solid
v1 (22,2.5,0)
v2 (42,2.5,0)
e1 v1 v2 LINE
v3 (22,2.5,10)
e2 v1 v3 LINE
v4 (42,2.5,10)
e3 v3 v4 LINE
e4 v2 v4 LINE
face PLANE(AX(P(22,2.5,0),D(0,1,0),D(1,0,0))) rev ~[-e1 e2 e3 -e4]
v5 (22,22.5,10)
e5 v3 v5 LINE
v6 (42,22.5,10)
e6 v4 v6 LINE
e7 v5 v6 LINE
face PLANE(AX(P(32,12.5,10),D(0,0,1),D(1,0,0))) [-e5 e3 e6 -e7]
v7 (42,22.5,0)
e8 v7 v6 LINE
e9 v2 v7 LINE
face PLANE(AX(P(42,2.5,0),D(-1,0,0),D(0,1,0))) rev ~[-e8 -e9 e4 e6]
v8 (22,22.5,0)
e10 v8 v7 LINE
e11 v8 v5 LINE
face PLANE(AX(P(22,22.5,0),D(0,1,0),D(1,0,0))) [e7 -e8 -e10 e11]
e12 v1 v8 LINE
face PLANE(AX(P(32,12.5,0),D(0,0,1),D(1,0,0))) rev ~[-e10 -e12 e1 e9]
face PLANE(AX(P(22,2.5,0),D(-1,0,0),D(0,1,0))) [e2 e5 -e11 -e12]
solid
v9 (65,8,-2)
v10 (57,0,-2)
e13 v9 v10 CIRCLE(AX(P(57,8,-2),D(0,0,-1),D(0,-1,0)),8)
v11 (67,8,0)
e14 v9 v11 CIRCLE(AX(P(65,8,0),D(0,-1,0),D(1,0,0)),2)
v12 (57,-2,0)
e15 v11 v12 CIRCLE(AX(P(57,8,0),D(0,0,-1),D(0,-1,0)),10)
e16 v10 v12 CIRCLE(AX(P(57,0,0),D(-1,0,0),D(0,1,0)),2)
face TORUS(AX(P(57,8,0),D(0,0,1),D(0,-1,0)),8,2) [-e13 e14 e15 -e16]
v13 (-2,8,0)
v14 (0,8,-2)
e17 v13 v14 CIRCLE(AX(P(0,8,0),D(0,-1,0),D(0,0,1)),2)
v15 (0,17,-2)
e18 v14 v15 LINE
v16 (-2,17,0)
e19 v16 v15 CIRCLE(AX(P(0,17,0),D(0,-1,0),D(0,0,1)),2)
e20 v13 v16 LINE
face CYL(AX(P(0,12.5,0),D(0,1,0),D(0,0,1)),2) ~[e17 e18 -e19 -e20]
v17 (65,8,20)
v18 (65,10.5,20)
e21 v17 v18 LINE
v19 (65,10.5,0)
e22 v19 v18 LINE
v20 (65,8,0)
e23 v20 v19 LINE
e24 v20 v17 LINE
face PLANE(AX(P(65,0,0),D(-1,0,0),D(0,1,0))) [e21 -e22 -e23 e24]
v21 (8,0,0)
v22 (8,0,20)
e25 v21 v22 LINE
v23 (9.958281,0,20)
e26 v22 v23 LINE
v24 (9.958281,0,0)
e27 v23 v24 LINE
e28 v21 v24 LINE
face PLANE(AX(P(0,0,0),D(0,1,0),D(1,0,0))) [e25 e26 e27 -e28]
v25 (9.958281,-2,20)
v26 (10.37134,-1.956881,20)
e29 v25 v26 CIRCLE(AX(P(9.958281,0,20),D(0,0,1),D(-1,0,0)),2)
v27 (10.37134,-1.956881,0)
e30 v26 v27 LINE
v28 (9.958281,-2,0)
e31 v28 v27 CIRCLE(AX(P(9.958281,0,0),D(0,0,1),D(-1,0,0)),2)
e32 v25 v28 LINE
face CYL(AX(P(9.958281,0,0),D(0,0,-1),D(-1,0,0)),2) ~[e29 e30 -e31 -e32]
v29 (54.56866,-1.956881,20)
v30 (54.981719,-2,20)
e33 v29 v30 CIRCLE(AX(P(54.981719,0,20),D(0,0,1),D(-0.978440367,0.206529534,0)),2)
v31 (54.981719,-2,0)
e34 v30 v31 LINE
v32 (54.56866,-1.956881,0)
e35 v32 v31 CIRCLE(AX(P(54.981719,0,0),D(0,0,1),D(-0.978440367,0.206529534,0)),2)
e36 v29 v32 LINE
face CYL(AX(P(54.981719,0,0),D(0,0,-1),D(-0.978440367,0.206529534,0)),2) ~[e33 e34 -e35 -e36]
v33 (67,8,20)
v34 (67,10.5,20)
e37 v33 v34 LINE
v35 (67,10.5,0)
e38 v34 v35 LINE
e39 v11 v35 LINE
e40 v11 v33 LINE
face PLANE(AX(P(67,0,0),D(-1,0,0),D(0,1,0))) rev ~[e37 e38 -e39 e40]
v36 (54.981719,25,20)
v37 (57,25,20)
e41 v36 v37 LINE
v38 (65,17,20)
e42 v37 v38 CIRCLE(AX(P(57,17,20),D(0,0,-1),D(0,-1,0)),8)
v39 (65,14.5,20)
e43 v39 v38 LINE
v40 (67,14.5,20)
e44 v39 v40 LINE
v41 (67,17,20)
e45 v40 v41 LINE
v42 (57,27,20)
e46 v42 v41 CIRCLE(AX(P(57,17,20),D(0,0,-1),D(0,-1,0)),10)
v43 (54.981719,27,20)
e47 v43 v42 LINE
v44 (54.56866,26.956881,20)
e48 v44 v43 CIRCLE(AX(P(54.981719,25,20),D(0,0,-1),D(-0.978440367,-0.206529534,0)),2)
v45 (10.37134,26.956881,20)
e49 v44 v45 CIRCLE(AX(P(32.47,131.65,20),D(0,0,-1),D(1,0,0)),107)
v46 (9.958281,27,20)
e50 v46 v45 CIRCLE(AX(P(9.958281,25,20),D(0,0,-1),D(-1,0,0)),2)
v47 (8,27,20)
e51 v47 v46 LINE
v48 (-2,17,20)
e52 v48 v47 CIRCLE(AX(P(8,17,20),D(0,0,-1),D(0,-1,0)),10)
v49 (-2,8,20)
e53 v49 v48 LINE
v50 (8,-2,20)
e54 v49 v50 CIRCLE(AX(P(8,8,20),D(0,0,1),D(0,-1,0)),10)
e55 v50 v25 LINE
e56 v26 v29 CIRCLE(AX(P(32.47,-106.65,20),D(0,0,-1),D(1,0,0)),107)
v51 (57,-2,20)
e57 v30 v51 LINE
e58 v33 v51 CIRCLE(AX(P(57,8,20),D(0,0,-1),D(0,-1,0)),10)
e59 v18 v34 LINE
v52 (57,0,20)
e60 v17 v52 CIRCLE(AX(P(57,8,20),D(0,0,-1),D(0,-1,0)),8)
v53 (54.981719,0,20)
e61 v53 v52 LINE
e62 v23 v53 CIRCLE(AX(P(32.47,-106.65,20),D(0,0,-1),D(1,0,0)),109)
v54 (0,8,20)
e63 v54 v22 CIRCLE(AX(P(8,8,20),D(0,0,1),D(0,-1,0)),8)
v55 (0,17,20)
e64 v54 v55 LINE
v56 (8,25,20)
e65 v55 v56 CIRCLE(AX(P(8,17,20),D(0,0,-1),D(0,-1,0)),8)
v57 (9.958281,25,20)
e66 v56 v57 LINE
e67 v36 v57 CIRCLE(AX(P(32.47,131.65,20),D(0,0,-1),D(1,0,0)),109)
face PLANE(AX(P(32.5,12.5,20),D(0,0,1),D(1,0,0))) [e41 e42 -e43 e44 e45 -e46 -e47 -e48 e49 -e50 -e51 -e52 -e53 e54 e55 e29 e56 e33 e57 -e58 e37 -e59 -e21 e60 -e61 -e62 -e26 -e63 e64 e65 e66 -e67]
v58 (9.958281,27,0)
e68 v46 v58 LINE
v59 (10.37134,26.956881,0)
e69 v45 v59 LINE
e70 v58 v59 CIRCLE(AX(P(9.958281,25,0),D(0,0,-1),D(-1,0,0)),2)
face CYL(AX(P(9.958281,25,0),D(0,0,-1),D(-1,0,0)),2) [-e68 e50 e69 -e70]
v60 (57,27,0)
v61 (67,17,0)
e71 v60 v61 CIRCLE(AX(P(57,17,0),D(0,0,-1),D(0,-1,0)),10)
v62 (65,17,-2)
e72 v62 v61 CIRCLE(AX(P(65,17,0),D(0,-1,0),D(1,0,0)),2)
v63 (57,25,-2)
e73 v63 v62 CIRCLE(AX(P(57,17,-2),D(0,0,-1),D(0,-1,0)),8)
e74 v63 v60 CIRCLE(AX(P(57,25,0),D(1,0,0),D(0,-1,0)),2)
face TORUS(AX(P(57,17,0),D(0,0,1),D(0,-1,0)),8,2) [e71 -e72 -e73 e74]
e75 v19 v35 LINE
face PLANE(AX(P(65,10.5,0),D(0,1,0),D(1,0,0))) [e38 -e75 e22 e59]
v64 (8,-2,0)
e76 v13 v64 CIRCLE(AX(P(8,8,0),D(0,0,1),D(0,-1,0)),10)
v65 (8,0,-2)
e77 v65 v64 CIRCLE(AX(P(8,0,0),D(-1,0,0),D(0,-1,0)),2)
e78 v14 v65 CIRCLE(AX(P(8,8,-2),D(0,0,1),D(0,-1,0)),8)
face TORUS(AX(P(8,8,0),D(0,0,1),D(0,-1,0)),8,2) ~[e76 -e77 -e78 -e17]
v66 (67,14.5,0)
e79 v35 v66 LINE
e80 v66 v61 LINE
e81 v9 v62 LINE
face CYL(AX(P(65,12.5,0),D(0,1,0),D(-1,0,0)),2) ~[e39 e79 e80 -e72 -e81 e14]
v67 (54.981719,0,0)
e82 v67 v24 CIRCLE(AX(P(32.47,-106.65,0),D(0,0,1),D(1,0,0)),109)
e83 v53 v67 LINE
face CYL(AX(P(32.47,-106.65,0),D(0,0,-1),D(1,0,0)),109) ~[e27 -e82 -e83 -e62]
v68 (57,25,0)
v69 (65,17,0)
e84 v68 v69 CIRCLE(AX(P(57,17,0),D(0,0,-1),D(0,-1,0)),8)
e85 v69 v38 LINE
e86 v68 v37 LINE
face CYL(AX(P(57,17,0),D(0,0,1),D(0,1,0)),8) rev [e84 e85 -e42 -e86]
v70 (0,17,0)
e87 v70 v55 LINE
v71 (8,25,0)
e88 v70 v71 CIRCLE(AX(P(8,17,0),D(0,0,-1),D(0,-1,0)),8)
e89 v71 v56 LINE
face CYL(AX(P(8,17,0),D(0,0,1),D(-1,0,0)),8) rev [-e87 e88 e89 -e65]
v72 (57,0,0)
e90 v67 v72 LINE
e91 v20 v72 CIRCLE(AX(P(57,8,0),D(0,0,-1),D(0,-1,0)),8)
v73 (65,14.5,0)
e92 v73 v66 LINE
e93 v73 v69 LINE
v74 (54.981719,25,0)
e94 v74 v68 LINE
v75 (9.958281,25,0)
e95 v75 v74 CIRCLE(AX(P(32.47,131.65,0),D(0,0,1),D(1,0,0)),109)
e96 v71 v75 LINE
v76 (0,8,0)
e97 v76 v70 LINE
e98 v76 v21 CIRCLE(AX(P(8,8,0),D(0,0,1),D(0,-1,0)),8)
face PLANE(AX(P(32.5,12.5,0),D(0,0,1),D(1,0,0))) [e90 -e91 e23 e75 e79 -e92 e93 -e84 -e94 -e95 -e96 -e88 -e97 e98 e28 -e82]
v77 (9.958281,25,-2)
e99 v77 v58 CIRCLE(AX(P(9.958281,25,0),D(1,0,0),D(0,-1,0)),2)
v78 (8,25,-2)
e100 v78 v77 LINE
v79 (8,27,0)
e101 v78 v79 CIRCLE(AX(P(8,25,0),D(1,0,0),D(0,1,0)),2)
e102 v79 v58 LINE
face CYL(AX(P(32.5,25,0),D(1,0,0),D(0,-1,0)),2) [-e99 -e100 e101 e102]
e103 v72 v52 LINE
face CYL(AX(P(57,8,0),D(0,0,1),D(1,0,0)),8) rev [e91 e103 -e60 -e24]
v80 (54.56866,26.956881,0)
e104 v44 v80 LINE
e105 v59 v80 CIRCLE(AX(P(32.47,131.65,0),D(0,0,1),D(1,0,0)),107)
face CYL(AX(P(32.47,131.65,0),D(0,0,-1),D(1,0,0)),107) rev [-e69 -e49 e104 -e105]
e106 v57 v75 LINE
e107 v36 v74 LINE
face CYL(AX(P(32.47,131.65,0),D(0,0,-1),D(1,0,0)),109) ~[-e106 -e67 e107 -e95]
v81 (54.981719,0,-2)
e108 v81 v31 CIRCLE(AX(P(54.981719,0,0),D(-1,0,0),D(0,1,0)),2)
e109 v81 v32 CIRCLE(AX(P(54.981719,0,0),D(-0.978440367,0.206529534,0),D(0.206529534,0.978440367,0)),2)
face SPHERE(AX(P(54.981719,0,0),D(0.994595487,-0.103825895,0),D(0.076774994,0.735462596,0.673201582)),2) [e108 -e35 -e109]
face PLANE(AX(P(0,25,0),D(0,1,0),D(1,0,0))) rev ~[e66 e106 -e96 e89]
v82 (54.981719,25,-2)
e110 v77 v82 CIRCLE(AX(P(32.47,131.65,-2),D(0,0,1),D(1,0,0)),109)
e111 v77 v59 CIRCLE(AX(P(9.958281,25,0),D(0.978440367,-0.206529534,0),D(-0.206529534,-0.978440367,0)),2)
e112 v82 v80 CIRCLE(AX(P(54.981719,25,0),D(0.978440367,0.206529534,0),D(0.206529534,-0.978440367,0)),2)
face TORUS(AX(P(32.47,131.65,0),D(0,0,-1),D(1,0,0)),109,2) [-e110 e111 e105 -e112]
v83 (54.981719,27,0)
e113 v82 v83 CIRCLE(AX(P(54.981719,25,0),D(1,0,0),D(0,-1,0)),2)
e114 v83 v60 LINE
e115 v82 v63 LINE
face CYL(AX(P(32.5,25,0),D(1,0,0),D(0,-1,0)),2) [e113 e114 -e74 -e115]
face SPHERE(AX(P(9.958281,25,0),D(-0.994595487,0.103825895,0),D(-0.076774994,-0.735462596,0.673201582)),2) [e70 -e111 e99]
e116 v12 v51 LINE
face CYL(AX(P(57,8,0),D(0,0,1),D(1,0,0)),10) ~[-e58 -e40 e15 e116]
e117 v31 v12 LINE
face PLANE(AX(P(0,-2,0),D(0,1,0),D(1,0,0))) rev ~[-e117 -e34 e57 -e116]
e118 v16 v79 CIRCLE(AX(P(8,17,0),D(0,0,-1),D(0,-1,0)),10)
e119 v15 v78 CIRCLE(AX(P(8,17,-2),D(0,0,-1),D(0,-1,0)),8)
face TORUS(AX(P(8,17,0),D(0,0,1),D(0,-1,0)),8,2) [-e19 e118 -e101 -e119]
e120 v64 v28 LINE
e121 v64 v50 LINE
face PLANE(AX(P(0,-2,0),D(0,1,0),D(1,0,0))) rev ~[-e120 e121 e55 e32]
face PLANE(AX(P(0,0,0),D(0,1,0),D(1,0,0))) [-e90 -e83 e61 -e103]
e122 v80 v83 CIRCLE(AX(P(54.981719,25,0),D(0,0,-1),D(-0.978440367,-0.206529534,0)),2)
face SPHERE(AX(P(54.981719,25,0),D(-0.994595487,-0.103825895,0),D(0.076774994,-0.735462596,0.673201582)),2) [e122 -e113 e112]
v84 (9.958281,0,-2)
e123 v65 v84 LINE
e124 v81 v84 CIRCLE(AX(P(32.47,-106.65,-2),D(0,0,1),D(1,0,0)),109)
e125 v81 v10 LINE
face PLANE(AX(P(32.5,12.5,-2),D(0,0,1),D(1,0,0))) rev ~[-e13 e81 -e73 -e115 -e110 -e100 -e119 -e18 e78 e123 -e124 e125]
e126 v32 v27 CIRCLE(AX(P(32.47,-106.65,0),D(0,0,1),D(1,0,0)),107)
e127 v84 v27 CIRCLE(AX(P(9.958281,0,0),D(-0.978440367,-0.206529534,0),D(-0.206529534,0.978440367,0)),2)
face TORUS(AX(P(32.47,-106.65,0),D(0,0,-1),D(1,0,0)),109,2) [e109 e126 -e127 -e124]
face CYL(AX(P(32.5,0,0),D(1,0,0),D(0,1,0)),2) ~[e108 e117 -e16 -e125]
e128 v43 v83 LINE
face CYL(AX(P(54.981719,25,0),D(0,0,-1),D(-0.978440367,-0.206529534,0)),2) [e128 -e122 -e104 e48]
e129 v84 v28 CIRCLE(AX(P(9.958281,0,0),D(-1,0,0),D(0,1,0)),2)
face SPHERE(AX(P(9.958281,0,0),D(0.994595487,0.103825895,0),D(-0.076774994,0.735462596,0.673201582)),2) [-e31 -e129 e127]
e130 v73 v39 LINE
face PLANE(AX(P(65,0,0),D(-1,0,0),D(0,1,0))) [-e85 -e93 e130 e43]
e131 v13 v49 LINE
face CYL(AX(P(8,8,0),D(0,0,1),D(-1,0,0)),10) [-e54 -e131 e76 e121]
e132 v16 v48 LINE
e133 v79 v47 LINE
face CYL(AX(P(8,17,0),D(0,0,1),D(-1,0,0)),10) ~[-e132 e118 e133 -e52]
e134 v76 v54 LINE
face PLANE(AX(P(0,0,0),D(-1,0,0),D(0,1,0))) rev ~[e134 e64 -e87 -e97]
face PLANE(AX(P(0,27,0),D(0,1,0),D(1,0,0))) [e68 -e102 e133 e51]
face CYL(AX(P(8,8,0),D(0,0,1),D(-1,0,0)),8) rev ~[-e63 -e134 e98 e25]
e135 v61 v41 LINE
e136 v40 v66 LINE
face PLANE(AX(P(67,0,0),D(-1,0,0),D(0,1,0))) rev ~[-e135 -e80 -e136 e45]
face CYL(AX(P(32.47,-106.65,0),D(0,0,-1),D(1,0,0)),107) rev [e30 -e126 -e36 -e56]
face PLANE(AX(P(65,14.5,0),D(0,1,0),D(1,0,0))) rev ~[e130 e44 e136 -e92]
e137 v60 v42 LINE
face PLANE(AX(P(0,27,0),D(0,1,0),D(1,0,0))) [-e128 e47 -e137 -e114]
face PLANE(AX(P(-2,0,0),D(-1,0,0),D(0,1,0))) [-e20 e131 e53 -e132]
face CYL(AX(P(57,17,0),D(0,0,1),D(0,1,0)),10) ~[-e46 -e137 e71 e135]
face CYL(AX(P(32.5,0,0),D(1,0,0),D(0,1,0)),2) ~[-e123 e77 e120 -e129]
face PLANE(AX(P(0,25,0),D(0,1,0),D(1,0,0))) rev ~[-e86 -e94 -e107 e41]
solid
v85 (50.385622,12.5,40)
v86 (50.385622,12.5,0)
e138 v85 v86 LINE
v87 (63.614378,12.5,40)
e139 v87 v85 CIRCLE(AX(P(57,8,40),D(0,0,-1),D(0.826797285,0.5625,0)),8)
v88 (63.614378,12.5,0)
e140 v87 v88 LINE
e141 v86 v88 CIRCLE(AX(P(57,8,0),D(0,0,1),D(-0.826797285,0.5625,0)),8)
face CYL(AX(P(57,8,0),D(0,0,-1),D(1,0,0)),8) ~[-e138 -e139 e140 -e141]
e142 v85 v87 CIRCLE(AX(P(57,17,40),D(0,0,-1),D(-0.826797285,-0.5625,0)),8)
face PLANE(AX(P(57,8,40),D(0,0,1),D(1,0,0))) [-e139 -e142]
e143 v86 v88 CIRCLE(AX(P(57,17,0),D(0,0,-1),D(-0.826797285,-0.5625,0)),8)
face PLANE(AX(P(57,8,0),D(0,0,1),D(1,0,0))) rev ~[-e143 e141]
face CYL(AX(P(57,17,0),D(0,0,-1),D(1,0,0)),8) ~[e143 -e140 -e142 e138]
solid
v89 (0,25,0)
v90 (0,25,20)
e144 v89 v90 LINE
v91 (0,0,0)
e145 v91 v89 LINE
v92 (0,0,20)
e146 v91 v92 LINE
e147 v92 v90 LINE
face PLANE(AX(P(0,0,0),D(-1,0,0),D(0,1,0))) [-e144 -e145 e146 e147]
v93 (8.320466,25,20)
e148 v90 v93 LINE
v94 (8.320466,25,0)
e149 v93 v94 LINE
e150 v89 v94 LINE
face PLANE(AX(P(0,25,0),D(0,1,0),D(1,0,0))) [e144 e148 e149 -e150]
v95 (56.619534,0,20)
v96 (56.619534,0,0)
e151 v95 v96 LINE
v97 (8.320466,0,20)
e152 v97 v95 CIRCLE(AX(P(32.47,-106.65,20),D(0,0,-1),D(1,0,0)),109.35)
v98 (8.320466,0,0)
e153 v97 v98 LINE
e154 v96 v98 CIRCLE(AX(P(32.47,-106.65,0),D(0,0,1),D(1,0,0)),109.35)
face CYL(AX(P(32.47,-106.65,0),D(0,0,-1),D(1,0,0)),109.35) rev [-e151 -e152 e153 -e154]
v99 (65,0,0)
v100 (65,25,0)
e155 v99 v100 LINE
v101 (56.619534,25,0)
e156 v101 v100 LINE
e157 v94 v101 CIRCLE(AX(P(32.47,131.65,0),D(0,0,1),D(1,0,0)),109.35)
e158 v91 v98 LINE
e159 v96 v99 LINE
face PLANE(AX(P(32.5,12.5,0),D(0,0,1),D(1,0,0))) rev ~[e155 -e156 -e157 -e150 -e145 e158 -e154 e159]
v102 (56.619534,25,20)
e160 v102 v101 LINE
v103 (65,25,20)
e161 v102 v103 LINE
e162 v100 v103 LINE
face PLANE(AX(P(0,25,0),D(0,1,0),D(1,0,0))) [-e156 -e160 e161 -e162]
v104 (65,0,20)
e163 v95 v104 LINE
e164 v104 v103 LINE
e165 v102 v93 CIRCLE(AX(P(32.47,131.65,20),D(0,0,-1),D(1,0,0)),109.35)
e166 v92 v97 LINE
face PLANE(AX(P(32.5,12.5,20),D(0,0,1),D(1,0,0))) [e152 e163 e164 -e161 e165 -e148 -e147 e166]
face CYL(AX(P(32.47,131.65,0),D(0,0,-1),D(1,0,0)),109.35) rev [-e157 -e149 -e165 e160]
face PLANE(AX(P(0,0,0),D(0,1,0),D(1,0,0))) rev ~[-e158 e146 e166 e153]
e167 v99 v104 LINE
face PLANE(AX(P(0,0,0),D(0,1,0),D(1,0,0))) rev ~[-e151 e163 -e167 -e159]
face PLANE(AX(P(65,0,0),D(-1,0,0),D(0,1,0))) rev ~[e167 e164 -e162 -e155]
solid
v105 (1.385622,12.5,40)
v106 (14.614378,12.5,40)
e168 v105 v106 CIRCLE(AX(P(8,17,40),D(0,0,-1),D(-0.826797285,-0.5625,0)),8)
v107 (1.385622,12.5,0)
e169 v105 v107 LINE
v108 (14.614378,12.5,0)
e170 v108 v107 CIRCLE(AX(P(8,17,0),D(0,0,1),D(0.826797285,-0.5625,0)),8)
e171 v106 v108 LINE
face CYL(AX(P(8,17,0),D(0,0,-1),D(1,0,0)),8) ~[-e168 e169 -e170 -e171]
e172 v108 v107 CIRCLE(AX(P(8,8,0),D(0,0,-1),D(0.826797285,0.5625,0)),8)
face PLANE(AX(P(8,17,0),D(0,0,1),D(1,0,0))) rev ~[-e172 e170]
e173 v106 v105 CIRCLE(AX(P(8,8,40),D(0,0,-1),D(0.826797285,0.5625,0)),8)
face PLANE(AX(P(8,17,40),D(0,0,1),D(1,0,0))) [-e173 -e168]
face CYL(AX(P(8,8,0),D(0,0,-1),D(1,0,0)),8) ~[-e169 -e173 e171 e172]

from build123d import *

# Parameters (mm, degrees)
CYLINDER001_R     = 8
CYLINDER001_DEPTH = 40
CYLINDER_R        = 8
CYLINDER_DEPTH    = 40
CYLINDER003_R     = 8
CYLINDER003_DEPTH = 40
CYLINDER002_R     = 8
CYLINDER002_DEPTH = 40
CYLINDER007_R     = 109.35
CYLINDER007_DEPTH = 40
CYLINDER006_R     = 109.35
CYLINDER006_DEPTH = 40
BOX001_W          = 65
BOX001_H          = 25
BOX001_DEPTH      = 20
BOX002_W          = 5
BOX002_H          = 4
BOX002_DEPTH      = 20
CYLINDER004_R     = 109
CYLINDER004_DEPTH = 40
CYLINDER005_R     = 109
CYLINDER005_DEPTH = 40
BOX_W             = 65
BOX_H             = 25
BOX_DEPTH         = 20
FILLET_R          = 8
THICKNESS_T       = 2
BOX003_W          = 20
BOX003_H          = 20
BOX003_DEPTH      = 10


with BuildPart() as cilindro_alto_izq:
    # Cylinder001 → Cylinder001 (new body)
    with BuildSketch(Plane(origin=(8, 17, 0), x_dir=(1, 0, 0), z_dir=(0, 0, 1))):
        Circle(CYLINDER001_R)
    extrude(amount=CYLINDER001_DEPTH)


with BuildPart() as fusion_cilindros_izq:
    # Cylinder → Cylinder (new body)
    with BuildSketch(Plane(origin=(8, 8, 0), x_dir=(1, 0, 0), z_dir=(0, 0, 1))):
        Circle(CYLINDER_R)
    extrude(amount=CYLINDER_DEPTH)

    # Fusion: union Cilindro_alto_izq
    add(cilindro_alto_izq.part)


with BuildPart() as cilindro_baj_der:
    # Cylinder003 → Cylinder003 (new body)
    with BuildSketch(Plane(origin=(57, 8, 0), x_dir=(1, 0, 0), z_dir=(0, 0, 1))):
        Circle(CYLINDER003_R)
    extrude(amount=CYLINDER003_DEPTH)


with BuildPart() as fusion_cilindros_derec:
    # Cylinder002 → Cylinder002 (new body)
    with BuildSketch(Plane(origin=(57, 17, 0), x_dir=(1, 0, 0), z_dir=(0, 0, 1))):
        Circle(CYLINDER002_R)
    extrude(amount=CYLINDER002_DEPTH)

    # Fusion001: union Cilindro_baj_der
    add(cilindro_baj_der.part)


with BuildPart() as cilindro_bajo_grande001:
    # Cylinder007 → Cylinder007 (new body)
    with BuildSketch(Plane(origin=(32.47, -106.65, 0), x_dir=(1, 0, 0), z_dir=(0, 0, 1))):
        Circle(CYLINDER007_R)
    extrude(amount=CYLINDER007_DEPTH)


with BuildPart() as cilindro_alto_grande001:
    # Cylinder006 → Cylinder006 (new body)
    with BuildSketch(Plane(origin=(32.47, 131.65, 0), x_dir=(1, 0, 0), z_dir=(0, 0, 1))):
        Circle(CYLINDER006_R)
    extrude(amount=CYLINDER006_DEPTH)


with BuildPart() as diferencia_curvas_superior_e_inferior001:
    # Box001 → Box001 (new body)
    with BuildSketch(Plane.XY):
        with Locations((32.5, 12.5)):
            Rectangle(BOX001_W, BOX001_H)
    extrude(amount=BOX001_DEPTH)

    # Cut002: cut Cilindro_Alto_grande001
    add(cilindro_alto_grande001.part, mode=Mode.SUBTRACT)

    # Cut003: cut Cilindro_Bajo_grande001
    add(cilindro_bajo_grande001.part, mode=Mode.SUBTRACT)


with BuildPart() as ranura:
    # Box002 → Box002 (new body)
    with BuildSketch(Plane(origin=(65, 10.5, 0), x_dir=(1, 0, 0), z_dir=(0, 0, 1))):
        with Locations((2.5, 2)):
            Rectangle(BOX002_W, BOX002_H)
    extrude(amount=BOX002_DEPTH)


with BuildPart() as cilindro_bajo_grande:
    # Cylinder004 → Cylinder004 (new body)
    with BuildSketch(Plane(origin=(32.47, -106.65, 0), x_dir=(1, 0, 0), z_dir=(0, 0, 1))):
        Circle(CYLINDER004_R)
    extrude(amount=CYLINDER004_DEPTH)


with BuildPart() as cilindro_alto_grande:
    # Cylinder005 → Cylinder005 (new body)
    with BuildSketch(Plane(origin=(32.47, 131.65, 0), x_dir=(1, 0, 0), z_dir=(0, 0, 1))):
        Circle(CYLINDER005_R)
    extrude(amount=CYLINDER005_DEPTH)


with BuildPart() as final:
    # Box → Box (new body)
    with BuildSketch(Plane.XY):
        with Locations((32.5, 12.5)):
            Rectangle(BOX_W, BOX_H)
    extrude(amount=BOX_DEPTH)

    # Cut: cut Cilindro_Alto_grande
    add(cilindro_alto_grande.part, mode=Mode.SUBTRACT)

    # Cut001: cut Cilindro_Bajo_grande
    add(cilindro_bajo_grande.part, mode=Mode.SUBTRACT)

    # Fillet
    fillet_edges = [final.edges().sort_by_distance(p)[0] for p in [
        (0, 0, 10),
        (0, 25, 10),
        (65, 25, 10),
        (65, 0, 10),
    ]]
    fillet(fillet_edges, radius=FILLET_R)

    # Thickness
    thickness_openings = [final.faces().sort_by_distance(p)[0] for p in [
        (32.502969, 12.5, 20),
    ]]
    offset(amount=THICKNESS_T, openings=thickness_openings)

    # Cut004: cut ranura
    add(ranura.part, mode=Mode.SUBTRACT)


with BuildPart() as referencia_interior:
    # Box003 → Box003 (new body)
    with BuildSketch(Plane(origin=(22, 2.5, 0), x_dir=(1, 0, 0), z_dir=(0, 0, 1))):
        with Locations((10, 10)):
            Rectangle(BOX003_W, BOX003_H)
    extrude(amount=BOX003_DEPTH)


solid = Compound([fusion_cilindros_izq.part, fusion_cilindros_derec.part, diferencia_curvas_superior_e_inferior001.part, final.part, referencia_interior.part])
